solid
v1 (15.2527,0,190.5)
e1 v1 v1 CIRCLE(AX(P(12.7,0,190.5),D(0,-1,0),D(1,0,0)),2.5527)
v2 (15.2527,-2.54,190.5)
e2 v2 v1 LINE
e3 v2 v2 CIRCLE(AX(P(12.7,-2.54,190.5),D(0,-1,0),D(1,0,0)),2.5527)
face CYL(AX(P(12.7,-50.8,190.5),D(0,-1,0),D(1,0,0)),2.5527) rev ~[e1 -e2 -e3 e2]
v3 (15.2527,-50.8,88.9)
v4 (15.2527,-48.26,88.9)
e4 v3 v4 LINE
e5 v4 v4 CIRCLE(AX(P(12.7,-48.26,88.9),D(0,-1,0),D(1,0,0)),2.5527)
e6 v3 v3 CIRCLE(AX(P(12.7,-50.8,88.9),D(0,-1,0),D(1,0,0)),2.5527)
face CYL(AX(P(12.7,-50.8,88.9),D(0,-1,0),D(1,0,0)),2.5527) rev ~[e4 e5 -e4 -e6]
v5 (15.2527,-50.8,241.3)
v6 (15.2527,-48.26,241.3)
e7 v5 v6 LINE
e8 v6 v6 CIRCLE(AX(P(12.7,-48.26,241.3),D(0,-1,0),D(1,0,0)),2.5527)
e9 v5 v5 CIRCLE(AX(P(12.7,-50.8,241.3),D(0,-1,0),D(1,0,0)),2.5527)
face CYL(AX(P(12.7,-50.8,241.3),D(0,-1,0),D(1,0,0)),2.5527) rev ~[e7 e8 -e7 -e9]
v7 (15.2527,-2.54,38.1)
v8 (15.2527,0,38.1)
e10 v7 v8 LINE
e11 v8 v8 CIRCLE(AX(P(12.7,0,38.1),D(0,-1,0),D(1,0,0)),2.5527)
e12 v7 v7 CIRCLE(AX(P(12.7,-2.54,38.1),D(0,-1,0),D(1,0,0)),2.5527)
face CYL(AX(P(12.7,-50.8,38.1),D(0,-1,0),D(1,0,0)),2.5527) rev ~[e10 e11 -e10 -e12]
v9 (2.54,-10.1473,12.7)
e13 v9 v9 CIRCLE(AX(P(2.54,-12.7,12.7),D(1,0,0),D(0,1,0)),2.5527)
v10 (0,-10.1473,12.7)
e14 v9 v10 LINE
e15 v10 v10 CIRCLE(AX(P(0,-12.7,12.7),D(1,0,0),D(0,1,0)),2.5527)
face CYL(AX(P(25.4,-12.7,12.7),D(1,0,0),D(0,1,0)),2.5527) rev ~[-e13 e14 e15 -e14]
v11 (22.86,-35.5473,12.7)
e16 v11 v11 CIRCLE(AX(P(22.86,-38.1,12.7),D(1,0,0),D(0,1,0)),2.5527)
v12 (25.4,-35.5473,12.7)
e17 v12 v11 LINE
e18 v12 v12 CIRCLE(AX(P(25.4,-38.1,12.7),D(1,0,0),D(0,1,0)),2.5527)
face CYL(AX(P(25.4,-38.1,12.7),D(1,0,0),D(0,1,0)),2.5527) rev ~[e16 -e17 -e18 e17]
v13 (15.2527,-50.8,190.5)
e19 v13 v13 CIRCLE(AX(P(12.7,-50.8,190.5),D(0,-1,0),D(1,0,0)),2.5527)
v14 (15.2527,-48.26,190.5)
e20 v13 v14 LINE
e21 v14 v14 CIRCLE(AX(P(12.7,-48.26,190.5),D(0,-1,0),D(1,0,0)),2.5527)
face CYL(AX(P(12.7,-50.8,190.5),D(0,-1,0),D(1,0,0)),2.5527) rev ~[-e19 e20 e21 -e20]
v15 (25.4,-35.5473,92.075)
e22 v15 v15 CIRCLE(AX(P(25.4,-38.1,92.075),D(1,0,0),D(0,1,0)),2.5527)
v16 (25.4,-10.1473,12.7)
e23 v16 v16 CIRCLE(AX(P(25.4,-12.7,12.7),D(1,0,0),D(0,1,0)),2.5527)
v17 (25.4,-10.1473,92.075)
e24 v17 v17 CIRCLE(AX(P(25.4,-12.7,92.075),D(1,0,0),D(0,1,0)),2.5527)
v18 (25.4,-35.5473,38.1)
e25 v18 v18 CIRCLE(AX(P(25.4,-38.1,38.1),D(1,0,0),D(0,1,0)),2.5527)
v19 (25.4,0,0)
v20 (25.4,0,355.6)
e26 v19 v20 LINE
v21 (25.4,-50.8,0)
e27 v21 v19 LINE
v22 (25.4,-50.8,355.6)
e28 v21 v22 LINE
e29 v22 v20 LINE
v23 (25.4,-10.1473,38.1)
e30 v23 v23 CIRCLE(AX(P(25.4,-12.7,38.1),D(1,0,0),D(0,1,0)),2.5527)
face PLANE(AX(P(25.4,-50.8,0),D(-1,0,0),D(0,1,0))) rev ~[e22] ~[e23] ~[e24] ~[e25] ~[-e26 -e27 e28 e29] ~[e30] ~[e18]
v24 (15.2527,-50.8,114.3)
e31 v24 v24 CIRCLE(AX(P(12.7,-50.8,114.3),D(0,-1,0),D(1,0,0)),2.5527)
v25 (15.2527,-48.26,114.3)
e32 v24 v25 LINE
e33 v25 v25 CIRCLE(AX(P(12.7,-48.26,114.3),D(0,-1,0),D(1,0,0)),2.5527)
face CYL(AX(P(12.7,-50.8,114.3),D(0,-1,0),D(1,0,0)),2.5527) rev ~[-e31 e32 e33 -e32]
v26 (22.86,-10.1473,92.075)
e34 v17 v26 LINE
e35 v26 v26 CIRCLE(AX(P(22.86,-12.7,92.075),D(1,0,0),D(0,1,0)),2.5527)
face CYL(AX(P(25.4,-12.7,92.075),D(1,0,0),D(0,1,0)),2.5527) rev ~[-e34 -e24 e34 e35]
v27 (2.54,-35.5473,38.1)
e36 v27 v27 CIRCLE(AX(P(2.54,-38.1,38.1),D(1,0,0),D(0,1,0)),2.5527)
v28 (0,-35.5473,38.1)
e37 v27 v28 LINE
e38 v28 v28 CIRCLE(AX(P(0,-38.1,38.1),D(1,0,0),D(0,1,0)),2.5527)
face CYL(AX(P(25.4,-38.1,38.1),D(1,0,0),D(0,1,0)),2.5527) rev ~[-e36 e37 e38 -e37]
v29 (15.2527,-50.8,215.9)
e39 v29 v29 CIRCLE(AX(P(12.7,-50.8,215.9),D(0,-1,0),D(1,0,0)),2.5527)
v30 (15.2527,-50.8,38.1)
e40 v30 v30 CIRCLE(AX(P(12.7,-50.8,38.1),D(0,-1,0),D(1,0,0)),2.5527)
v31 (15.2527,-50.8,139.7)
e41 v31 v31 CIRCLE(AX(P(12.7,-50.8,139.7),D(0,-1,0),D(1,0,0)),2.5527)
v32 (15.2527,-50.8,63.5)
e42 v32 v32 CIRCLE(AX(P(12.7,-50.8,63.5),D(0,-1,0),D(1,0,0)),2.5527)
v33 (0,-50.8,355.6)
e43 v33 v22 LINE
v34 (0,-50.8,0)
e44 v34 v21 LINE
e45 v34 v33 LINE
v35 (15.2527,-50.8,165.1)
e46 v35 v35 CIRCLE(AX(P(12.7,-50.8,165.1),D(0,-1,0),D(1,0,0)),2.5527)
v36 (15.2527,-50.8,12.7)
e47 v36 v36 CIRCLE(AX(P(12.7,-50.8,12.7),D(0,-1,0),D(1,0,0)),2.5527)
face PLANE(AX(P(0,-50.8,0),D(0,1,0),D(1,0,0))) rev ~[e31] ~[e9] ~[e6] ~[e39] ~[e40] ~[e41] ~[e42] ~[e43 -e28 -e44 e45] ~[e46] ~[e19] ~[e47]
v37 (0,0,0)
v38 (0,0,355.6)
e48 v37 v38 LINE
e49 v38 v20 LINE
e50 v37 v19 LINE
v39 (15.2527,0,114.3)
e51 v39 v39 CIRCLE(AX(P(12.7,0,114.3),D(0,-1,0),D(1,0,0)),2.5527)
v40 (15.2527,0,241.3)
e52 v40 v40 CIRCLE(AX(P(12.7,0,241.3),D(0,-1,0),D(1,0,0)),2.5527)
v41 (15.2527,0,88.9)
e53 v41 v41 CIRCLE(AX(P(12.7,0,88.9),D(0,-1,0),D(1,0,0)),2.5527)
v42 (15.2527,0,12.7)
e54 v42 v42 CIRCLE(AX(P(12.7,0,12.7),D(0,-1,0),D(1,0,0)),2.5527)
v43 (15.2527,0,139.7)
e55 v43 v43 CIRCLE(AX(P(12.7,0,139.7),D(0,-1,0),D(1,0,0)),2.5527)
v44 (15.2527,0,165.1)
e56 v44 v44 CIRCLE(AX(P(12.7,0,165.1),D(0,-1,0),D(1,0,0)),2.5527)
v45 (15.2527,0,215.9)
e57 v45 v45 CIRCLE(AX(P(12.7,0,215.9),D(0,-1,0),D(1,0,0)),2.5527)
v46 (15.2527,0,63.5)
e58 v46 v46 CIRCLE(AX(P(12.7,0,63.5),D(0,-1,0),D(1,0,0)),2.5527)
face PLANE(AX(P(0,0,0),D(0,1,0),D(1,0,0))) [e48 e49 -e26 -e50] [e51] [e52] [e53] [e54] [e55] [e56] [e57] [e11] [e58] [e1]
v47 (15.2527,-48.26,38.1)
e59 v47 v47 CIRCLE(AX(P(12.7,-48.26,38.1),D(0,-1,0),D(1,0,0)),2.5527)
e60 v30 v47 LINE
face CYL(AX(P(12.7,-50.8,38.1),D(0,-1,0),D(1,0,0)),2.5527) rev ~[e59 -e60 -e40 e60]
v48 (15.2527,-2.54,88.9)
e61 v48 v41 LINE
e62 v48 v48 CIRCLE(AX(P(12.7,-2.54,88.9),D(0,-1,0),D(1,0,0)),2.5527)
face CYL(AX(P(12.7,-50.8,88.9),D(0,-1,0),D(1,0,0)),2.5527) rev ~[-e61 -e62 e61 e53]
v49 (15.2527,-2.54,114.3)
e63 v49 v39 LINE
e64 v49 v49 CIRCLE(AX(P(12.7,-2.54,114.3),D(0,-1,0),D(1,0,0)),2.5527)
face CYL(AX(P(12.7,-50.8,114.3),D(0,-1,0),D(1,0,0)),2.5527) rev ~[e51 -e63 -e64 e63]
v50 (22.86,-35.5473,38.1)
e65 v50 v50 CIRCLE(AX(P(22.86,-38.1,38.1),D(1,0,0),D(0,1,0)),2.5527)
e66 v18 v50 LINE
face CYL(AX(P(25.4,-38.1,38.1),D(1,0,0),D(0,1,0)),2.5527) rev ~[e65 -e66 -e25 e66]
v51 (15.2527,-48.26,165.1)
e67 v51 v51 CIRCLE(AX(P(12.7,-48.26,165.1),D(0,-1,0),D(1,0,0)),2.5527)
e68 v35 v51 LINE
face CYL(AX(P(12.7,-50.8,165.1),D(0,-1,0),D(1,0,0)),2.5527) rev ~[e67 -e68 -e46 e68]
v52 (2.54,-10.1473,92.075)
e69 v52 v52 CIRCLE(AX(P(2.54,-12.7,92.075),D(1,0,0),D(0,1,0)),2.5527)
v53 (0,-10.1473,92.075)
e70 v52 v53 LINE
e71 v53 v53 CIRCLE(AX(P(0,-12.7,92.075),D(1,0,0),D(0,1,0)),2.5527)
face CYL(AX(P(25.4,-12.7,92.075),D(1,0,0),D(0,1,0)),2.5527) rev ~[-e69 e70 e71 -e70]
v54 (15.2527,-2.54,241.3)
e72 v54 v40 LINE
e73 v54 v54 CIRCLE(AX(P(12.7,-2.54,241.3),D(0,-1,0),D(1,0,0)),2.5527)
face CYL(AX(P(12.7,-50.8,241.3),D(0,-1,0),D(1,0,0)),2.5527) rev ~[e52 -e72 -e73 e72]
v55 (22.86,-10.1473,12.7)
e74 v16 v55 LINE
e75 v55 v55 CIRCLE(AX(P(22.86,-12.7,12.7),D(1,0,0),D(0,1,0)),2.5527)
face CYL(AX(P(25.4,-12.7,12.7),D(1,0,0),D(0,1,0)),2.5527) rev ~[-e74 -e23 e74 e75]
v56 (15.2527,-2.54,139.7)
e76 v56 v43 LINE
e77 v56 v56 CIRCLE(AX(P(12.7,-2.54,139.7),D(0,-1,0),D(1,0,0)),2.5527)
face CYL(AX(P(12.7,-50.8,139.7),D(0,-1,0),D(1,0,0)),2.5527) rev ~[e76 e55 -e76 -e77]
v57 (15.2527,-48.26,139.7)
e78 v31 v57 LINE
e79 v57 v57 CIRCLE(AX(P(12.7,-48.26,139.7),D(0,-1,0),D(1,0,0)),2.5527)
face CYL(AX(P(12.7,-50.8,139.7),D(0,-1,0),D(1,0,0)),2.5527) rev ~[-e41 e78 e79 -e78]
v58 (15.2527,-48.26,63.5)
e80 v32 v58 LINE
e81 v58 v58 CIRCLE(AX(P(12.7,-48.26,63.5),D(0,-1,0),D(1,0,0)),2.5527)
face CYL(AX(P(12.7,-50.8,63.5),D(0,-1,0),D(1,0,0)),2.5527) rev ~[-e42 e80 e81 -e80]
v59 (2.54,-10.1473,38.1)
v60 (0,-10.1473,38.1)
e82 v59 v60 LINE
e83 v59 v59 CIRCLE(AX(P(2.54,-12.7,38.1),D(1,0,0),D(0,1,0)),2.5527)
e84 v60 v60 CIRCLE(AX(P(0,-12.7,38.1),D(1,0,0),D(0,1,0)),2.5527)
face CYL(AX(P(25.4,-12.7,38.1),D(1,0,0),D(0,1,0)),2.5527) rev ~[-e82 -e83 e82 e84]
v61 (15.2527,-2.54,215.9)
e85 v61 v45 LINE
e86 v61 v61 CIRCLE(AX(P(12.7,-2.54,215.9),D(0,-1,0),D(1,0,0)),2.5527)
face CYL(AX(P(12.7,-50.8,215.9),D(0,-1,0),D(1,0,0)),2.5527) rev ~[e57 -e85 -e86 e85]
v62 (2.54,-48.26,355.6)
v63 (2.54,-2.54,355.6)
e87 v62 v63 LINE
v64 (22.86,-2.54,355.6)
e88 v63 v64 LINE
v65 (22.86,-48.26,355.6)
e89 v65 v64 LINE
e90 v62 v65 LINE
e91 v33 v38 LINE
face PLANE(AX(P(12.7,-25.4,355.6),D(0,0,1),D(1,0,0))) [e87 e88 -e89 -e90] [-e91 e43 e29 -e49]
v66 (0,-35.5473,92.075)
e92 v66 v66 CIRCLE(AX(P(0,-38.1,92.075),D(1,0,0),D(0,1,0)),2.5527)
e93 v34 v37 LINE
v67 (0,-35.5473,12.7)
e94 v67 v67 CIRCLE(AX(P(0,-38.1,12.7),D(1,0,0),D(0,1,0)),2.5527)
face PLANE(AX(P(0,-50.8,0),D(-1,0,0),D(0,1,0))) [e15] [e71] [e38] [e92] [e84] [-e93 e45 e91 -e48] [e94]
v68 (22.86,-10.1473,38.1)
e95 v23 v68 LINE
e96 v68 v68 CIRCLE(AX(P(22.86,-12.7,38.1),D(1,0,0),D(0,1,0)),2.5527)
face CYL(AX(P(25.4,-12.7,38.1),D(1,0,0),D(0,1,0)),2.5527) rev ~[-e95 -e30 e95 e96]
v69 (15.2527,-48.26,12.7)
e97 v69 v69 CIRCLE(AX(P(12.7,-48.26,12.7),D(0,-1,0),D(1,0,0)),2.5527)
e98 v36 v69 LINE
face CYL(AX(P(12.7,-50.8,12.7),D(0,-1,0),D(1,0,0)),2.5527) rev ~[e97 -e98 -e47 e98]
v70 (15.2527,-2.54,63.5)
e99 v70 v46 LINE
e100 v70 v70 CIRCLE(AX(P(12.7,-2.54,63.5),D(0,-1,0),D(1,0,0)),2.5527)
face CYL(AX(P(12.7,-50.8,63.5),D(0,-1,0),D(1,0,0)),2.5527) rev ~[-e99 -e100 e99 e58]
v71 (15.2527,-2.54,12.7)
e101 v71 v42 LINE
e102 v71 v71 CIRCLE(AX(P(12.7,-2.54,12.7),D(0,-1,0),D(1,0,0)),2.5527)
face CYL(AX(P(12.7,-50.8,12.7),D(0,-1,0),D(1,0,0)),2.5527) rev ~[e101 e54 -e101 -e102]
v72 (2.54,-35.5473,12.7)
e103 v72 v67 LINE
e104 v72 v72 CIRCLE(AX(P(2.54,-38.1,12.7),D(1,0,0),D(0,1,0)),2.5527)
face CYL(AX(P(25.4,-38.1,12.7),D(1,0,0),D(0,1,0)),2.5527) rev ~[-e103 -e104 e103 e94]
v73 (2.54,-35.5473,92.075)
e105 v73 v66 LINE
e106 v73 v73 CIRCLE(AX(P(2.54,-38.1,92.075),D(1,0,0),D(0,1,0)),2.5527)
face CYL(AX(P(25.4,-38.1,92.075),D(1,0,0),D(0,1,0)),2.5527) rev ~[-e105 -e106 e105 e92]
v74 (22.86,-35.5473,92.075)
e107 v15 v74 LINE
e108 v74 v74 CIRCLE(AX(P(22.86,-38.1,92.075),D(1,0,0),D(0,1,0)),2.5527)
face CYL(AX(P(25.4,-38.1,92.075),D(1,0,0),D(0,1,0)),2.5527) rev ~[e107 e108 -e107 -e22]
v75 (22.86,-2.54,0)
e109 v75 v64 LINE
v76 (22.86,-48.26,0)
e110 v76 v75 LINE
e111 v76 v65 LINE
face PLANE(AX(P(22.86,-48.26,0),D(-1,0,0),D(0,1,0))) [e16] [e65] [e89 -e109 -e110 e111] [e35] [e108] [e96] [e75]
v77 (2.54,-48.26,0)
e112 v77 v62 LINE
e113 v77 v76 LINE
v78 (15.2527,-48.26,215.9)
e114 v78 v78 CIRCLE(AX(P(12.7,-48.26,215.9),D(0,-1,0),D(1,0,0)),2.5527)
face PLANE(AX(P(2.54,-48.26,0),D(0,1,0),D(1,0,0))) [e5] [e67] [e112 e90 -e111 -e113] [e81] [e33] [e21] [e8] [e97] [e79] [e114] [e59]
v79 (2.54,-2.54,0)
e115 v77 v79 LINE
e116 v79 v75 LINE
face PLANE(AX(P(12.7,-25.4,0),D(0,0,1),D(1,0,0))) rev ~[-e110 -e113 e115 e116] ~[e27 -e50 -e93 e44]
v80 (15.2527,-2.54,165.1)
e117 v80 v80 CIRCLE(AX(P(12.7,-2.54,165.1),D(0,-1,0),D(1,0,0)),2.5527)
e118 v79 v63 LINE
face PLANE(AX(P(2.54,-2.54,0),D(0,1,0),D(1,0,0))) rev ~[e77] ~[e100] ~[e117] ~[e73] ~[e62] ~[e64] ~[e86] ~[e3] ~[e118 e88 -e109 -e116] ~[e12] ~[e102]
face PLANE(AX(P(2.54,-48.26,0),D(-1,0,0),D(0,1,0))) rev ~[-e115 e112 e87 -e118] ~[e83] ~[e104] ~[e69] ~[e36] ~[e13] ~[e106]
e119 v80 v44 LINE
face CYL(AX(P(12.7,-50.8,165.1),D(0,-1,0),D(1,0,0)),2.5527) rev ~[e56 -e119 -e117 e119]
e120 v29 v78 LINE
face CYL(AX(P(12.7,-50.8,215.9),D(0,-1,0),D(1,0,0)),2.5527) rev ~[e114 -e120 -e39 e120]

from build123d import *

# Parameters (mm, degrees)
F0_W     = 25.4
F0_H     = 50.8
F0_W_2   = 20.32
F0_H_2   = 45.72
F1_DEPTH = 355.6
F2_R     = 2.5527
F3_DEPTH = 50.8
F4_R     = 2.5527
F5_DEPTH = 25.4


with BuildPart() as f1:
    # F0 (on Top) → F1 (new body)
    with BuildSketch(Plane.XY):
        with Locations((12.7, -25.4)):
            Rectangle(F0_W, F0_H)
        with Locations((12.7, -25.4)):
            Rectangle(F0_W_2, F0_H_2, mode=Mode.SUBTRACT)
    extrude(amount=F1_DEPTH)

    # F2 (on face) → F3 (cut)
    with BuildSketch(Plane.XZ.offset(50.8)):
        with Locations((12.7, 139.7)):
            Circle(F2_R)
        with Locations((12.7, 114.3)):
            Circle(F2_R)
        with Locations((12.7, 88.9)):
            Circle(F2_R)
        with Locations((12.7, 63.5)):
            Circle(F2_R)
        with Locations((12.7, 38.1)):
            Circle(F2_R)
        with Locations((12.7, 12.7)):
            Circle(F2_R)
        with Locations((12.7, 165.1)):
            Circle(F2_R)
        with Locations((12.7, 190.5)):
            Circle(F2_R)
        with Locations((12.7, 215.9)):
            Circle(F2_R)
        with Locations((12.7, 241.3)):
            Circle(F2_R)
    extrude(amount=-F3_DEPTH, mode=Mode.SUBTRACT)

    # F4 (on face) → F5 (cut)
    with BuildSketch(Plane.YZ.offset(25.4)):
        with Locations((-38.1, 38.1)):
            Circle(F4_R)
        with Locations((-12.7, 38.1)):
            Circle(F4_R)
        with Locations((-12.7, 12.7)):
            Circle(F4_R)
        with Locations((-38.1, 12.7)):
            Circle(F4_R)
        with Locations((-38.1, 92.075)):
            Circle(F4_R)
        with Locations((-12.7, 92.075)):
            Circle(F4_R)
    extrude(amount=-F5_DEPTH, mode=Mode.SUBTRACT)


solid = f1.part
